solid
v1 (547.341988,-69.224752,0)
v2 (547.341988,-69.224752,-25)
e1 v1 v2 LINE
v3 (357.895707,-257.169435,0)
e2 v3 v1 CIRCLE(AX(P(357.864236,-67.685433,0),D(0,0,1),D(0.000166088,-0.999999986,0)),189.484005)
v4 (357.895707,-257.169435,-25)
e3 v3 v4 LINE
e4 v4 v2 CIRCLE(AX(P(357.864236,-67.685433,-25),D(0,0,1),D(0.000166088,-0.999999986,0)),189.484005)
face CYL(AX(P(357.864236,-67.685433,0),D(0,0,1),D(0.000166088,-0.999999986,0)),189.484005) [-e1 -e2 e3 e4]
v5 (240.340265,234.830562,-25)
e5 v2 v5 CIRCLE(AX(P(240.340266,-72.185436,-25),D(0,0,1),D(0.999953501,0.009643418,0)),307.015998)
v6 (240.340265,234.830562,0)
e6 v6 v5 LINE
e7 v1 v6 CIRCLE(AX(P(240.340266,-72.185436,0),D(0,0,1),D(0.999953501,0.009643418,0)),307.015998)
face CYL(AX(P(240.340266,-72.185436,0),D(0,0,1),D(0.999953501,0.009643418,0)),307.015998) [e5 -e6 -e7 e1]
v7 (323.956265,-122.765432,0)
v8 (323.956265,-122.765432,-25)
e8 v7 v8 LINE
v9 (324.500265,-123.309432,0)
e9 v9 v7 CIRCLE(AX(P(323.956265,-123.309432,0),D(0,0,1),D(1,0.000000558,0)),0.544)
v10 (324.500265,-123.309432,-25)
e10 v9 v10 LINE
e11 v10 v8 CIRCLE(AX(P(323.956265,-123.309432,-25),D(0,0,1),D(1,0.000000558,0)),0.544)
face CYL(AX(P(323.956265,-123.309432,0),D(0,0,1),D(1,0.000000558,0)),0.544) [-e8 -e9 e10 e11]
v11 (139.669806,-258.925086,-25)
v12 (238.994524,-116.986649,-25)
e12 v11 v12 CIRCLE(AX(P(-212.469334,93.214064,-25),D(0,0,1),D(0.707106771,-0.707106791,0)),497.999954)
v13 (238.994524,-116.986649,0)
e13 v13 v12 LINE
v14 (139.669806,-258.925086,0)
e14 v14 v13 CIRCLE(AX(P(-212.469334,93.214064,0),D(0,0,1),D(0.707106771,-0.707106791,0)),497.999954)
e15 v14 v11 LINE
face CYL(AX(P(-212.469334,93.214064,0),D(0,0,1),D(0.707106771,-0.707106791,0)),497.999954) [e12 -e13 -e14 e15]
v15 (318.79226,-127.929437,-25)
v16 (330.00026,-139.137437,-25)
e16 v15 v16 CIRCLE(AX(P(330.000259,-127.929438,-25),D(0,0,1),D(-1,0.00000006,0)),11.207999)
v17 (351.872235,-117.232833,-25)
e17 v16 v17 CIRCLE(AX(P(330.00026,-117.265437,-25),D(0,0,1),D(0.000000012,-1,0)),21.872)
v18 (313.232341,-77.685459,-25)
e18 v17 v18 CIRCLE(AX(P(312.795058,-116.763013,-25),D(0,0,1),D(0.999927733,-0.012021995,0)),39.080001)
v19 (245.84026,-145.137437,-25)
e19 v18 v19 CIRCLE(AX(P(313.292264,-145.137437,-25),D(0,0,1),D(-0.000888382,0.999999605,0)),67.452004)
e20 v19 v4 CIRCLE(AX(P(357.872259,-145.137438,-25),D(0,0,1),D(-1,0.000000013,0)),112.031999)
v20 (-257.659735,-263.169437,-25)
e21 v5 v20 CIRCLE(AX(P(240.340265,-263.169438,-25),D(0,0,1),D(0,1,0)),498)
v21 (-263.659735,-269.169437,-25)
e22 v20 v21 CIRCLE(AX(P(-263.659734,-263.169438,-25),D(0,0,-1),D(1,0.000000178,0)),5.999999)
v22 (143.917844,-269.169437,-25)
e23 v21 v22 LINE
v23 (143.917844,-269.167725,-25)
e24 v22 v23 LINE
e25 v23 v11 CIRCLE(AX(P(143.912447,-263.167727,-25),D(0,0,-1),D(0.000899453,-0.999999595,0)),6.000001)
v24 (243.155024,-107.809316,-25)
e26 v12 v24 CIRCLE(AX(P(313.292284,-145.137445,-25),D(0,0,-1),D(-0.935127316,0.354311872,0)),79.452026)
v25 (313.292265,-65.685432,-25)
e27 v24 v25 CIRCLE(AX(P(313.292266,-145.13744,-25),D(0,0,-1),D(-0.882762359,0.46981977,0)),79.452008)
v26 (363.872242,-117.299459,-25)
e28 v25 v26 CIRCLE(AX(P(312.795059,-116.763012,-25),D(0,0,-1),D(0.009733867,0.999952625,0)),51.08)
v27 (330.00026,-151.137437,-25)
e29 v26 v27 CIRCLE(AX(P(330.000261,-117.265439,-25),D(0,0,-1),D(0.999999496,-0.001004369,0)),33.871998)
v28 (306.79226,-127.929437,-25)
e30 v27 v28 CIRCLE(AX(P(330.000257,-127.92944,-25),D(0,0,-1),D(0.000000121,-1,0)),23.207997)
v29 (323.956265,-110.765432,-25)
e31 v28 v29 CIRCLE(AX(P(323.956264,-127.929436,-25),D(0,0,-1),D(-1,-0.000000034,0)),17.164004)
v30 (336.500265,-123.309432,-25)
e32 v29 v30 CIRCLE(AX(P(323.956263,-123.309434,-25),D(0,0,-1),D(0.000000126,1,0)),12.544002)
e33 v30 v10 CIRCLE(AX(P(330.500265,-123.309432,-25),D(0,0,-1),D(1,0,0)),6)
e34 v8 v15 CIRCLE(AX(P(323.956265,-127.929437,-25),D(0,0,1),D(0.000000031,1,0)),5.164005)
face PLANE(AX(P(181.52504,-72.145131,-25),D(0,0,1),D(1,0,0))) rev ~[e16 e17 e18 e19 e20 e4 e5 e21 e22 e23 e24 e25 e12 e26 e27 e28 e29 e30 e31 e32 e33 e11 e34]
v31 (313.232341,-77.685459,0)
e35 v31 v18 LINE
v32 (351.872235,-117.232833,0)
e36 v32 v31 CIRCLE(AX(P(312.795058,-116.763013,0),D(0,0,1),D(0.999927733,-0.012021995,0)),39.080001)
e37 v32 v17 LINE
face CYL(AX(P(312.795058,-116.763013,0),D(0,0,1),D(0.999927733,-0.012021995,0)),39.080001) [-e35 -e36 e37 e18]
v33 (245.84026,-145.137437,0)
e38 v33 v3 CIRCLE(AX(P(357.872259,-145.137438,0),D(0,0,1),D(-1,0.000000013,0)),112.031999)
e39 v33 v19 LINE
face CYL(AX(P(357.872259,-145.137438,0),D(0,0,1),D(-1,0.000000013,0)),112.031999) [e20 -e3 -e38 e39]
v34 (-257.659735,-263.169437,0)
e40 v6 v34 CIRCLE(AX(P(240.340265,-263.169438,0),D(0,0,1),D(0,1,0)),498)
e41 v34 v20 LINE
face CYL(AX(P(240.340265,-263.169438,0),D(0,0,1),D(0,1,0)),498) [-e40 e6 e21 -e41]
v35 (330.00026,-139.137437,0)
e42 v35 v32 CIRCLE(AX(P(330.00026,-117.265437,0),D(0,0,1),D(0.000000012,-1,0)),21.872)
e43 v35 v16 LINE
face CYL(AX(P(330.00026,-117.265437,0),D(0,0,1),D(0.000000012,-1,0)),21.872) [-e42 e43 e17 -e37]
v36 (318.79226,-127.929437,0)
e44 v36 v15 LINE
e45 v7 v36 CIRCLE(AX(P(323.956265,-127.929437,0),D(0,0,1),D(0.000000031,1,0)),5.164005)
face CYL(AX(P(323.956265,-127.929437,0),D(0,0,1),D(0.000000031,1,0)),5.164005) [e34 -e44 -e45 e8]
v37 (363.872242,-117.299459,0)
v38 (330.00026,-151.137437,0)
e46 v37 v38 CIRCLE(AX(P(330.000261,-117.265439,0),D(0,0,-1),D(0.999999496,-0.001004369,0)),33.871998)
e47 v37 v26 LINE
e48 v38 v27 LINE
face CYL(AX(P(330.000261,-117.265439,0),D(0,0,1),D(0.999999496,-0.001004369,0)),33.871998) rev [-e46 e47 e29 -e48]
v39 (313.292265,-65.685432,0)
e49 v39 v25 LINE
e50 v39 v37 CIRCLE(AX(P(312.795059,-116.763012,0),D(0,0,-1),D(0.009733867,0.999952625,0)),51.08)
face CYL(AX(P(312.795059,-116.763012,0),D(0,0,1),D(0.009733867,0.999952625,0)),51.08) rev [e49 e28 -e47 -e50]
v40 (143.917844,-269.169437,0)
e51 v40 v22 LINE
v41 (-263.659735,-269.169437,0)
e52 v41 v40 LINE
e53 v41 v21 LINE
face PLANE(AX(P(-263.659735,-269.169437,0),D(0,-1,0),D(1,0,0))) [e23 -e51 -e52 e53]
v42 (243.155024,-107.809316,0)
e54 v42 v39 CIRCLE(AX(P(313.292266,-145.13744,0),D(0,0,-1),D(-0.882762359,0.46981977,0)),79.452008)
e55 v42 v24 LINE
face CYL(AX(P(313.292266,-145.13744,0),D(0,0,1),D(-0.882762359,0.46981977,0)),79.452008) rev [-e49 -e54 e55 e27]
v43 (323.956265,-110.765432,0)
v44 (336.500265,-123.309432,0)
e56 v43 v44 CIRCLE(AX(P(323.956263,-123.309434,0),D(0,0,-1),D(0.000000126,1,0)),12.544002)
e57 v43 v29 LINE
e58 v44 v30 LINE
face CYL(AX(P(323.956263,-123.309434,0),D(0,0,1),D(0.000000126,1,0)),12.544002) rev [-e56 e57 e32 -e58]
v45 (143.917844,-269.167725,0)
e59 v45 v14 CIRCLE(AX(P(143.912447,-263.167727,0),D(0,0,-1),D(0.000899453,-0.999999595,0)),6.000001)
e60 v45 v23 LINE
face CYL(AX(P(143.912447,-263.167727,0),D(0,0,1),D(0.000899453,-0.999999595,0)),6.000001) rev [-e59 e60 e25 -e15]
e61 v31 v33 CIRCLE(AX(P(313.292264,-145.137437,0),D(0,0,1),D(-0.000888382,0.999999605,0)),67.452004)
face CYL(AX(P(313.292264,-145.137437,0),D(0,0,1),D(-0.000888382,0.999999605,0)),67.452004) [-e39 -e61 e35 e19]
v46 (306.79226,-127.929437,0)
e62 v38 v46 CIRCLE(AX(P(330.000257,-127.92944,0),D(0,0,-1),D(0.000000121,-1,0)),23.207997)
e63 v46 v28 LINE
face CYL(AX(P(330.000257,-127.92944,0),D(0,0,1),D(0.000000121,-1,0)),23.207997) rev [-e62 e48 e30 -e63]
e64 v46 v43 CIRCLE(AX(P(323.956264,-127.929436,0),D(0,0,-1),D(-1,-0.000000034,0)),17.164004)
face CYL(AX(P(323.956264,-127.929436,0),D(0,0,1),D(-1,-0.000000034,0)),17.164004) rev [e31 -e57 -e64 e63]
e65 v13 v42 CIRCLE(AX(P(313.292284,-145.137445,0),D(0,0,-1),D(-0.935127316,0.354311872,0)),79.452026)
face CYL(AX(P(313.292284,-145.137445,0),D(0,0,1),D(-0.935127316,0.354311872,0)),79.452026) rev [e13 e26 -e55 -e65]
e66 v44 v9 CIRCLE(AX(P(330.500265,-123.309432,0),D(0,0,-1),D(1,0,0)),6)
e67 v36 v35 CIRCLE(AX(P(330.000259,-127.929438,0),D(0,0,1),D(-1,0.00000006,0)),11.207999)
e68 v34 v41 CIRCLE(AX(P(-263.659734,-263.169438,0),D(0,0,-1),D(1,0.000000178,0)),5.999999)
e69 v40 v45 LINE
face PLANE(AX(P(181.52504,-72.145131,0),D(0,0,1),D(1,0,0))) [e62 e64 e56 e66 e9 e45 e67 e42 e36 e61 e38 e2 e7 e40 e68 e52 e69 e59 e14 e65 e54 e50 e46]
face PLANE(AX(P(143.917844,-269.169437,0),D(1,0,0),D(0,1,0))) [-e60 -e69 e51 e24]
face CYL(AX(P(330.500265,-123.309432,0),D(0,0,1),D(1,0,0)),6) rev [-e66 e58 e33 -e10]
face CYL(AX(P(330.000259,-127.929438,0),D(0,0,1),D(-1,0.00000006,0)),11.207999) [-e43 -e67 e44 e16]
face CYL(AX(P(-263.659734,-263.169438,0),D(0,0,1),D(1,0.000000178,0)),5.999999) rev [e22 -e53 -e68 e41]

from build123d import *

# Parameters (mm, degrees)
F1_DEPTH = 25


with BuildPart() as f1:
    # F0 (on Top) → F1 (new body)
    with BuildSketch(Plane.XY):
        with BuildLine():
            ThreePointArc((306.79226, -127.929437), (311.81948, -115.792653), (323.956265, -110.765432))
            ThreePointArc((323.956265, -110.765432), (332.826212, -114.439485), (336.500265, -123.309432))
            ThreePointArc((336.500265, -123.309432), (330.500265, -129.309432), (324.500265, -123.309432))
            ThreePointArc((324.500265, -123.309432), (324.340931, -122.924766), (323.956265, -122.765432))
            ThreePointArc((323.956265, -122.765432), (320.304762, -124.277934), (318.79226, -127.929437))
            ThreePointArc((318.79226, -127.929437), (322.075007, -135.85469), (330.00026, -139.137437))
            ThreePointArc((330.00026, -139.137437), (345.477622, -132.719745), (351.872235, -117.232833))
            ThreePointArc((351.872235, -117.232833), (340.74764, -89.45185), (313.232341, -77.685459))
            ThreePointArc((313.232341, -77.685459), (265.575313, -97.462858), (245.84026, -145.137437))
            ThreePointArc((245.84026, -145.137437), (278.661963, -224.364314), (357.895707, -257.169435))
            ThreePointArc((357.895707, -257.169435), (491.315491, -202.202906), (547.341988, -69.224752))
            ThreePointArc((547.341988, -69.224752), (456.384064, 145.951907), (240.340265, 234.830562))
            ThreePointArc((240.340265, 234.830562), (-111.798912, 88.969739), (-257.659735, -263.169437))
            ThreePointArc((-257.659735, -263.169437), (-259.417094, -267.412078), (-263.659735, -269.169437))
            Line((-263.659735, -269.169437), (143.917844, -269.169437))
            Line((143.917844, -269.169437), (143.917844, -269.167725))
            ThreePointArc((143.917844, -269.167725), (138.370203, -265.466321), (139.669806, -258.925086))
            ThreePointArc((139.669806, -258.925086), (195.55159, -192.308055), (238.994524, -116.986649))
            ThreePointArc((238.994524, -116.986649), (240.92914, -112.33196), (243.155024, -107.809316))
            ThreePointArc((243.155024, -107.809316), (272.384887, -77.025709), (313.292265, -65.685432))
            ThreePointArc((313.292265, -65.685432), (349.277676, -81.011298), (363.872242, -117.299459))
            ThreePointArc((363.872242, -117.299459), (353.939349, -141.228584), (330.00026, -151.137437))
            ThreePointArc((330.00026, -151.137437), (313.589725, -144.339972), (306.79226, -127.929437))
        make_face()
    extrude(amount=-F1_DEPTH)


solid = f1.part
